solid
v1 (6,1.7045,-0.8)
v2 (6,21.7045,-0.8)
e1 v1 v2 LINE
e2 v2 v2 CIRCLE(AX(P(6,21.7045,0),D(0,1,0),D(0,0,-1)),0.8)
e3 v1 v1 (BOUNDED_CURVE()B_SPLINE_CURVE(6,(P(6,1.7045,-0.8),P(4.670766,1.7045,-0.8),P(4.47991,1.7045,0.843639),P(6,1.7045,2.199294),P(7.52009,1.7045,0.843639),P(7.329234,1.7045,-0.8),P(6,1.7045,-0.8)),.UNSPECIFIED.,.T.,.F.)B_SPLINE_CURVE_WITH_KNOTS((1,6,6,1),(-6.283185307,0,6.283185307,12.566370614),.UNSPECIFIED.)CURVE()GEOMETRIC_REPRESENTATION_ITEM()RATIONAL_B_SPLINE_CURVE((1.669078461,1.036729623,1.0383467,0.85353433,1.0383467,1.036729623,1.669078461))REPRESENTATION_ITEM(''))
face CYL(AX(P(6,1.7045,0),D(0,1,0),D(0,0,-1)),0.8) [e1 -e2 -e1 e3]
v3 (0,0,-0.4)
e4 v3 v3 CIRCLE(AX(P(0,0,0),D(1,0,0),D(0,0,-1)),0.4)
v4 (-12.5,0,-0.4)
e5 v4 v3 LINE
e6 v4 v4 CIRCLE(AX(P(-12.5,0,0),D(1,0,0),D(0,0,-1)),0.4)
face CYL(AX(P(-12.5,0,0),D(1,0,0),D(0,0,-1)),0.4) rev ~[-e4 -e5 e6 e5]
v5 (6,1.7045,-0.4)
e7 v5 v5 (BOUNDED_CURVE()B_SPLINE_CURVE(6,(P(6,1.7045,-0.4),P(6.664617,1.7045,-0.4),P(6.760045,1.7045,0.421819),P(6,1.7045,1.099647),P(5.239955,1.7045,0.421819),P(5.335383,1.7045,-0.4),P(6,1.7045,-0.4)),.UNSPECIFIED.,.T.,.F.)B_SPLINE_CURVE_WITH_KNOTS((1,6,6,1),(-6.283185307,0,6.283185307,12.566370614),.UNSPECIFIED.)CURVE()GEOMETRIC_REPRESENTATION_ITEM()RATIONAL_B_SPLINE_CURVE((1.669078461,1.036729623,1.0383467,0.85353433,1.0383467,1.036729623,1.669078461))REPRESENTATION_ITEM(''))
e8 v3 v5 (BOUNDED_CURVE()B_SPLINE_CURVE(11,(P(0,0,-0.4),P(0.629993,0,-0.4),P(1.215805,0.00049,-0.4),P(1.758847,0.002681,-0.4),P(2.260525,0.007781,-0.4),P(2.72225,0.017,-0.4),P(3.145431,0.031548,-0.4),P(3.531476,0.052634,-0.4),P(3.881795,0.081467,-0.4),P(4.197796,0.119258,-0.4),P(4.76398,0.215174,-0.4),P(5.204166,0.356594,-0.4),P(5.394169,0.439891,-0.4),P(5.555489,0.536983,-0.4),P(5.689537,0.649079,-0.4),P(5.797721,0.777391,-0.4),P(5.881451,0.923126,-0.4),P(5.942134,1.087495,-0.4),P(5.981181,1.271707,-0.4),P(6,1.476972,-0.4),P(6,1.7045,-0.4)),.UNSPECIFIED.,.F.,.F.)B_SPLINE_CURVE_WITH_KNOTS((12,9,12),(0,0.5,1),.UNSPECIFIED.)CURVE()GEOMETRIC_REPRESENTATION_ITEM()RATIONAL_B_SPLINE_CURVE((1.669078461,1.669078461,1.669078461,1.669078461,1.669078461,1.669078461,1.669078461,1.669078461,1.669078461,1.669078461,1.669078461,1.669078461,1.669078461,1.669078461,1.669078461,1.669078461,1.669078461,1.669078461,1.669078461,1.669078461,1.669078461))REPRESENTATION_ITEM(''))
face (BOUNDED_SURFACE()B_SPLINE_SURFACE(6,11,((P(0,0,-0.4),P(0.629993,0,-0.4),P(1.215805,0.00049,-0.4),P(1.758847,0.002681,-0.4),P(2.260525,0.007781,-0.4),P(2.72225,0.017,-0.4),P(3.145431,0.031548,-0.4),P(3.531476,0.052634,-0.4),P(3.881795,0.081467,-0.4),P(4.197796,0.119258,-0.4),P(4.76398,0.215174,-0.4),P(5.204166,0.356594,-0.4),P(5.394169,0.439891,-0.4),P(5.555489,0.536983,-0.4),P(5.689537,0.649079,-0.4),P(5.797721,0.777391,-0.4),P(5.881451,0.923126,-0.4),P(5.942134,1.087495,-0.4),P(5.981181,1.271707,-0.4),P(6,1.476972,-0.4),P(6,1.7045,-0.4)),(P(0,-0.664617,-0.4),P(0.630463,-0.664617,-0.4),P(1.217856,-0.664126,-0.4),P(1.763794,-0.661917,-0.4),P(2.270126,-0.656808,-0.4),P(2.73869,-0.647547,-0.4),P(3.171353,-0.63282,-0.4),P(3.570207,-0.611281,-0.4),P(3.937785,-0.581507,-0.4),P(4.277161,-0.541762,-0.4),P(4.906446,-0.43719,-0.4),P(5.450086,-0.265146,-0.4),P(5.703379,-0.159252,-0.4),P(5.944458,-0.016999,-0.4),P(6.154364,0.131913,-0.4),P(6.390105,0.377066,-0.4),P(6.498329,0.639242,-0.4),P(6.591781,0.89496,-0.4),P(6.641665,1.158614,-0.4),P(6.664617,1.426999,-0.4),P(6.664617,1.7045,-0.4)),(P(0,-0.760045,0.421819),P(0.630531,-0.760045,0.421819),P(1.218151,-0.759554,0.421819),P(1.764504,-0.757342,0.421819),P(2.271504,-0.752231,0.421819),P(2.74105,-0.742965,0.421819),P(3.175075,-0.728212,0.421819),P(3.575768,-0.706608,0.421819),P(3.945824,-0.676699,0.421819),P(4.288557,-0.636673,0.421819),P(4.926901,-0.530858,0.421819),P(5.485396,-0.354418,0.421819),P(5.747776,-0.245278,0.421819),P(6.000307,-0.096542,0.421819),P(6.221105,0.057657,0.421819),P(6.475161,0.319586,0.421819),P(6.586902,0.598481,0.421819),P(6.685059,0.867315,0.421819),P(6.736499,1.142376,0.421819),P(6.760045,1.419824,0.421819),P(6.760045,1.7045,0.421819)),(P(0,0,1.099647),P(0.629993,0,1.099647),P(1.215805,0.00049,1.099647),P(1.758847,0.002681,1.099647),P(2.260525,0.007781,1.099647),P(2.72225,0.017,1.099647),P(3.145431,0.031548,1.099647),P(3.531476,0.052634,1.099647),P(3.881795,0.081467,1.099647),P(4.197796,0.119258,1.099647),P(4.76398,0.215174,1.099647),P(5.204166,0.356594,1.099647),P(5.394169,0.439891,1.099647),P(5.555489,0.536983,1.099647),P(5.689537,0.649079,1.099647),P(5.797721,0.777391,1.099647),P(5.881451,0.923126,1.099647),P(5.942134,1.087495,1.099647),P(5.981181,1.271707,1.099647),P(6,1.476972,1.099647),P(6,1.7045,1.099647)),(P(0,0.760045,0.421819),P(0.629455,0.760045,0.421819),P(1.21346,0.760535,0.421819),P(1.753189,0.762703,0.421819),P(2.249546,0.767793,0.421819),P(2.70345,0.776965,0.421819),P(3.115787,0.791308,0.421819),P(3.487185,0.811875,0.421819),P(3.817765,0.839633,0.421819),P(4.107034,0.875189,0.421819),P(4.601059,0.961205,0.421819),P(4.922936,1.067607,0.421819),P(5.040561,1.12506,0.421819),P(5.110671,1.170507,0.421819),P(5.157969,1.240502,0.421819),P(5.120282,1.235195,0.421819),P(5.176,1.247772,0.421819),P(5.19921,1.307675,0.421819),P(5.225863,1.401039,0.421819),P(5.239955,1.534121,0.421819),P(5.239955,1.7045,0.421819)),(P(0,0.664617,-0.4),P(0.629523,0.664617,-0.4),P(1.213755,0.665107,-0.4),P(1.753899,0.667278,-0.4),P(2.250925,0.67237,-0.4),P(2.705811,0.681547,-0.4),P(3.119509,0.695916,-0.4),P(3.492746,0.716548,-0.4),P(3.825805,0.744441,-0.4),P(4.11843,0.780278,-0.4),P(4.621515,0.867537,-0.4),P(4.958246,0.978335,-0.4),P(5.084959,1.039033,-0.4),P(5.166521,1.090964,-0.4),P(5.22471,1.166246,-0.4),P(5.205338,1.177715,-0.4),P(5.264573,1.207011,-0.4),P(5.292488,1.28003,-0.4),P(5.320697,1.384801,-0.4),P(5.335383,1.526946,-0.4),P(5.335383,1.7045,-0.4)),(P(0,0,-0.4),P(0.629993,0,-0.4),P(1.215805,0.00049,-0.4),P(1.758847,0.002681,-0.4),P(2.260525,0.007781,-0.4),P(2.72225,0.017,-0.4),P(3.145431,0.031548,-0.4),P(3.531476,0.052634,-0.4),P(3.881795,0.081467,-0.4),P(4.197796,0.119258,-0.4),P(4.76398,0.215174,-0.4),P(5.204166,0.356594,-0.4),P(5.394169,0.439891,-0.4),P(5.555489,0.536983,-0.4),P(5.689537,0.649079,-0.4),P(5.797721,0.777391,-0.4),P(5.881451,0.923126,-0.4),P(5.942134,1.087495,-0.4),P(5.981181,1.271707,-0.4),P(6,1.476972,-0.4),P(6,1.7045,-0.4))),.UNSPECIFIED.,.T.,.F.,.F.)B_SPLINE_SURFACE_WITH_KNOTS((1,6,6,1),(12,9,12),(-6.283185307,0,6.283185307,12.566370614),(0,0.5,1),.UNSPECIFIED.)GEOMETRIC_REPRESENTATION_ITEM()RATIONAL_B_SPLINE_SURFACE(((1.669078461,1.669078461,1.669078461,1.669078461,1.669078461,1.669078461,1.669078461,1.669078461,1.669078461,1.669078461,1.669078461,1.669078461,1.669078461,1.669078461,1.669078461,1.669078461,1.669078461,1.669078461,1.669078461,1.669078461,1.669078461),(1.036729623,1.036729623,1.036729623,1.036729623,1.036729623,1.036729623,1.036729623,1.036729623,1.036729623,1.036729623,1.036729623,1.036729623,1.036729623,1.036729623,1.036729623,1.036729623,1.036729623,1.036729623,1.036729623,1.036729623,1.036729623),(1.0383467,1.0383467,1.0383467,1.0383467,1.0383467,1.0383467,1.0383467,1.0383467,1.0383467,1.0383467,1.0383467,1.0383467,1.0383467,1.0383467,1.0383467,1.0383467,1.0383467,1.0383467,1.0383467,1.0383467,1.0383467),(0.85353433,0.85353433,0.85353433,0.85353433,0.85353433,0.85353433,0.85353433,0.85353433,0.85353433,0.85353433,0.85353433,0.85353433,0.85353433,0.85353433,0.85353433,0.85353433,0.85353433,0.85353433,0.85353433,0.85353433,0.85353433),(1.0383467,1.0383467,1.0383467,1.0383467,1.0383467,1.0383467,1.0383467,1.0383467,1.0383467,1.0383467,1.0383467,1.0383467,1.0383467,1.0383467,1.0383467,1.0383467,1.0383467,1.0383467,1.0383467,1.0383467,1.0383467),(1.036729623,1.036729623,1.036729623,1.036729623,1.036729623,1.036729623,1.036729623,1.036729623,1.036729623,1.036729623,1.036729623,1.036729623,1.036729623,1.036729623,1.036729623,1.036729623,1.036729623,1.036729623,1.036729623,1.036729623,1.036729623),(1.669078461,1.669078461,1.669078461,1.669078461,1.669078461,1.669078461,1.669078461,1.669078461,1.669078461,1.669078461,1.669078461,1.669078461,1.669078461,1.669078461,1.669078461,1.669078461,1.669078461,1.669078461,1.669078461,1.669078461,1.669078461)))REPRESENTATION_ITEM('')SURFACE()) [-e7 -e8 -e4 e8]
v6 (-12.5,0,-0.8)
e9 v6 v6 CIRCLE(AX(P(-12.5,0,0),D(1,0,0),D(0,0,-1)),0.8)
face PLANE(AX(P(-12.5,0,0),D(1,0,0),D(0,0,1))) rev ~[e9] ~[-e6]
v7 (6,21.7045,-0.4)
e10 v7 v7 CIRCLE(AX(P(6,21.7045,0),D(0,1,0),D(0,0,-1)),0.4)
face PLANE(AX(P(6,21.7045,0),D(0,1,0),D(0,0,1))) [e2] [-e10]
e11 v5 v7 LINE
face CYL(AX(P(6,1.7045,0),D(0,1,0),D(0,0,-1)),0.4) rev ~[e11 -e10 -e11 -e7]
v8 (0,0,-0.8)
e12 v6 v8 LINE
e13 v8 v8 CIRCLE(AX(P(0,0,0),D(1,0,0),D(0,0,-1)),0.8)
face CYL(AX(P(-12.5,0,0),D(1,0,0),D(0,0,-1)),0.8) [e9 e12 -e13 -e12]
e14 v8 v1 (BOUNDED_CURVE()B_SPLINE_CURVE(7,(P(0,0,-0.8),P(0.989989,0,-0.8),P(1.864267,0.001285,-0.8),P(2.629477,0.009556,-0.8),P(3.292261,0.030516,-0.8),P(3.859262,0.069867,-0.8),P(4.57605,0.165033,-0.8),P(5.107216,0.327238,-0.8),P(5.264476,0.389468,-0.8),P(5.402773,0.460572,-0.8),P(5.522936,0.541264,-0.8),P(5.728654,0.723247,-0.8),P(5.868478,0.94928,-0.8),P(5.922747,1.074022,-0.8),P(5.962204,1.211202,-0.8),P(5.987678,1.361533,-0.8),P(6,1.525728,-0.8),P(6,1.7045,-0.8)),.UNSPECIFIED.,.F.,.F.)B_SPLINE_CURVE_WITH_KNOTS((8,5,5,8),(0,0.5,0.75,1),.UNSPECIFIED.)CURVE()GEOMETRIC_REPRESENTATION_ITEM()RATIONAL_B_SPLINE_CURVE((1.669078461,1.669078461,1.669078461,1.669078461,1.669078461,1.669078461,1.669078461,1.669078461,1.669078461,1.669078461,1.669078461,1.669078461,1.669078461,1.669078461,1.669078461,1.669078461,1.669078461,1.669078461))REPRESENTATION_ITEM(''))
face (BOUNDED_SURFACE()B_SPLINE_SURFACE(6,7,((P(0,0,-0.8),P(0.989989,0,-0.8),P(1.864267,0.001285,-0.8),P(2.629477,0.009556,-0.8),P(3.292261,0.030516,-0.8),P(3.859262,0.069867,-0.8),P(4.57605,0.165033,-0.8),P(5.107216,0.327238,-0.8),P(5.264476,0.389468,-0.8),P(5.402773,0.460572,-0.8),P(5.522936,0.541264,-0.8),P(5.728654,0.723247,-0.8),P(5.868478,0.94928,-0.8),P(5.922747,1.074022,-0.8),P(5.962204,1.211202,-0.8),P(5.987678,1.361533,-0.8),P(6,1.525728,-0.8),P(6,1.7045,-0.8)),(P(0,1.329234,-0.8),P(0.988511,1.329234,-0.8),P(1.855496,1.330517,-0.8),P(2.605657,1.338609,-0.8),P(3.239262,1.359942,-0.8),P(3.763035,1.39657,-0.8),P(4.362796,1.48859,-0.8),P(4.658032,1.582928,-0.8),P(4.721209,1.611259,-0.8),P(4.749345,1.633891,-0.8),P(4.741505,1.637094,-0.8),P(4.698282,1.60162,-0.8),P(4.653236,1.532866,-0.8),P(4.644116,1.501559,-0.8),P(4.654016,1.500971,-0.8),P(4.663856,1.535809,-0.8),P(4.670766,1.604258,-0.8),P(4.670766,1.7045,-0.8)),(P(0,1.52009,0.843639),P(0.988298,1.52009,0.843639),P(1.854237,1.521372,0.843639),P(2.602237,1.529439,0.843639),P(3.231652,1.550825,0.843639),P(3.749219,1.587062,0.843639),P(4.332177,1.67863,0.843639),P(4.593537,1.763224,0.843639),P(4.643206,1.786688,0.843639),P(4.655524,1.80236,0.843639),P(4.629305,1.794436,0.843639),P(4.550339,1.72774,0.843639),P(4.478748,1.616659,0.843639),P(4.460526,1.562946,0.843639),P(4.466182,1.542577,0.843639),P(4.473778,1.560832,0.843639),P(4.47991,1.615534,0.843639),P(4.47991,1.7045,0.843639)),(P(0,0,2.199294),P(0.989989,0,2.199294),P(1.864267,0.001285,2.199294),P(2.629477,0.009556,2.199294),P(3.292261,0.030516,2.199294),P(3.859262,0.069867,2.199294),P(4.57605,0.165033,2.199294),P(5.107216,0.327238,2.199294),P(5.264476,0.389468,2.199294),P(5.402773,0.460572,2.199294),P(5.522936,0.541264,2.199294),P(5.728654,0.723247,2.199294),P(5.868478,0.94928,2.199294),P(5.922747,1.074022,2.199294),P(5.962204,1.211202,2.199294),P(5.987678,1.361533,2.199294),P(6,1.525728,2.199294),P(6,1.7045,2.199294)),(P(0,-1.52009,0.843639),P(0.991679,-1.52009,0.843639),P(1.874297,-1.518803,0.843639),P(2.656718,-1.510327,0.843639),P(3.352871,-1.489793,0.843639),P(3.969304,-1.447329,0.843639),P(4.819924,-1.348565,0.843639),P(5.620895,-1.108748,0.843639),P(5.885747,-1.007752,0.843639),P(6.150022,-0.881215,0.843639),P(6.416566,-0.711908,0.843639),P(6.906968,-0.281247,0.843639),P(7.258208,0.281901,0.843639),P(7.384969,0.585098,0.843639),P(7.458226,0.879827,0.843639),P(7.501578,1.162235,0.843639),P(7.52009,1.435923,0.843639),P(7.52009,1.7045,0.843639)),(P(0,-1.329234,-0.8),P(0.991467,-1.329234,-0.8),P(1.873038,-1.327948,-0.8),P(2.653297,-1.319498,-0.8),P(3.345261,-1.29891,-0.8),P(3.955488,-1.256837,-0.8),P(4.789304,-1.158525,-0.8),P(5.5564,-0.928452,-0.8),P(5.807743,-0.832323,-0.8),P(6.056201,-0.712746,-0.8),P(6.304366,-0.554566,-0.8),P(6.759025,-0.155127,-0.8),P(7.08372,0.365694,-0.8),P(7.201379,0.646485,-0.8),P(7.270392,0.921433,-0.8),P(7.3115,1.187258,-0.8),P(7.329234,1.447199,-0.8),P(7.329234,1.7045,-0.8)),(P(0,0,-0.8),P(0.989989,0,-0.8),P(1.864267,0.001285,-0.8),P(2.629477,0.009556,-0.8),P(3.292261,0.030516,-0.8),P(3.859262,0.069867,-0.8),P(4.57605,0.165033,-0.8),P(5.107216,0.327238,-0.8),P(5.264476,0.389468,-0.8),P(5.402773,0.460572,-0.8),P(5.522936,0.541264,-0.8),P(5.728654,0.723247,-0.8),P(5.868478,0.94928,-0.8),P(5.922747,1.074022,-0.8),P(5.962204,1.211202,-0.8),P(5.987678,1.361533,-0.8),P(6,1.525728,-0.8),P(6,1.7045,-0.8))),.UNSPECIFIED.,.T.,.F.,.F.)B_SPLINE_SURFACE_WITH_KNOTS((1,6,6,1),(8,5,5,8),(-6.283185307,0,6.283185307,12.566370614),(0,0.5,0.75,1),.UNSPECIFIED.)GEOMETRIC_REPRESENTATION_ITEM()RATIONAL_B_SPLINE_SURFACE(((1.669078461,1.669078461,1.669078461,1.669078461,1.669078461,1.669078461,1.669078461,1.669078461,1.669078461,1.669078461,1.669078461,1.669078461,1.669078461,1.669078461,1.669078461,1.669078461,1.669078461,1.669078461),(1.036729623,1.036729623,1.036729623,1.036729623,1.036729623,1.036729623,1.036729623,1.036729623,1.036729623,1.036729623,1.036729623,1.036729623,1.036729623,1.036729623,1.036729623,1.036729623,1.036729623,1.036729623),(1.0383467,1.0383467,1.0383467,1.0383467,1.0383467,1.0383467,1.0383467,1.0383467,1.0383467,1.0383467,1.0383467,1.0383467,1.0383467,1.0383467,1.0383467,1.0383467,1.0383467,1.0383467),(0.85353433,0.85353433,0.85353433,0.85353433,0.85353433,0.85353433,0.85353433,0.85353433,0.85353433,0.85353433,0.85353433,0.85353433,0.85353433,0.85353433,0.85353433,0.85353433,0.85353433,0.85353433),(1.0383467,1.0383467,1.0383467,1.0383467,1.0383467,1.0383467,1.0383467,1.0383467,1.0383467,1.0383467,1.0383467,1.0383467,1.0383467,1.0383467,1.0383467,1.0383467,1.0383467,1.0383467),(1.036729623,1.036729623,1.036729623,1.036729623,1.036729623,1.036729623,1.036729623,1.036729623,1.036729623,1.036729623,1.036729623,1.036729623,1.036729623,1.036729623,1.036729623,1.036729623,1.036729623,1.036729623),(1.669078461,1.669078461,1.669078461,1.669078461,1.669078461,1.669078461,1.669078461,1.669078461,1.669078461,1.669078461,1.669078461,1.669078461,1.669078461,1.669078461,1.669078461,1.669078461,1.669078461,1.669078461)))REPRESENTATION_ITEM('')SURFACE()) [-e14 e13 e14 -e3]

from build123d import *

# Parameters (mm, degrees)
PIPERING_R   = 0.8
PIPERING_R_2 = 0.4


with BuildPart() as part:
    # Pipe: sweep along a path in PipeSke
    with BuildLine() as pipe_path:  # in the path sketch's own coordinates; laid on its plane below (add() does not lay a ready-made edge on the line's plane)
        Line((-12.5, 0), (0, 0))
        add(Edge.make_bspline(
            [(0, 0), (4.619948081, 0), (6, 0.035966381), (6, 1.704499781)],
            knots=[0, 0, 0, 0, 1, 1, 1, 1], degree=3))
        Line((6, 1.704499781), (6, 21.704499781))
    # PipeRing → Pipe (sweep)
    with BuildSketch(Plane(origin=(0, 0, 0), x_dir=(0, 0, -1), z_dir=(1, 0, 0))):
        Circle(PIPERING_R)
        Circle(PIPERING_R_2, mode=Mode.SUBTRACT)
    sweep(path=Plane.XY * pipe_path.line)


solid = part.part
